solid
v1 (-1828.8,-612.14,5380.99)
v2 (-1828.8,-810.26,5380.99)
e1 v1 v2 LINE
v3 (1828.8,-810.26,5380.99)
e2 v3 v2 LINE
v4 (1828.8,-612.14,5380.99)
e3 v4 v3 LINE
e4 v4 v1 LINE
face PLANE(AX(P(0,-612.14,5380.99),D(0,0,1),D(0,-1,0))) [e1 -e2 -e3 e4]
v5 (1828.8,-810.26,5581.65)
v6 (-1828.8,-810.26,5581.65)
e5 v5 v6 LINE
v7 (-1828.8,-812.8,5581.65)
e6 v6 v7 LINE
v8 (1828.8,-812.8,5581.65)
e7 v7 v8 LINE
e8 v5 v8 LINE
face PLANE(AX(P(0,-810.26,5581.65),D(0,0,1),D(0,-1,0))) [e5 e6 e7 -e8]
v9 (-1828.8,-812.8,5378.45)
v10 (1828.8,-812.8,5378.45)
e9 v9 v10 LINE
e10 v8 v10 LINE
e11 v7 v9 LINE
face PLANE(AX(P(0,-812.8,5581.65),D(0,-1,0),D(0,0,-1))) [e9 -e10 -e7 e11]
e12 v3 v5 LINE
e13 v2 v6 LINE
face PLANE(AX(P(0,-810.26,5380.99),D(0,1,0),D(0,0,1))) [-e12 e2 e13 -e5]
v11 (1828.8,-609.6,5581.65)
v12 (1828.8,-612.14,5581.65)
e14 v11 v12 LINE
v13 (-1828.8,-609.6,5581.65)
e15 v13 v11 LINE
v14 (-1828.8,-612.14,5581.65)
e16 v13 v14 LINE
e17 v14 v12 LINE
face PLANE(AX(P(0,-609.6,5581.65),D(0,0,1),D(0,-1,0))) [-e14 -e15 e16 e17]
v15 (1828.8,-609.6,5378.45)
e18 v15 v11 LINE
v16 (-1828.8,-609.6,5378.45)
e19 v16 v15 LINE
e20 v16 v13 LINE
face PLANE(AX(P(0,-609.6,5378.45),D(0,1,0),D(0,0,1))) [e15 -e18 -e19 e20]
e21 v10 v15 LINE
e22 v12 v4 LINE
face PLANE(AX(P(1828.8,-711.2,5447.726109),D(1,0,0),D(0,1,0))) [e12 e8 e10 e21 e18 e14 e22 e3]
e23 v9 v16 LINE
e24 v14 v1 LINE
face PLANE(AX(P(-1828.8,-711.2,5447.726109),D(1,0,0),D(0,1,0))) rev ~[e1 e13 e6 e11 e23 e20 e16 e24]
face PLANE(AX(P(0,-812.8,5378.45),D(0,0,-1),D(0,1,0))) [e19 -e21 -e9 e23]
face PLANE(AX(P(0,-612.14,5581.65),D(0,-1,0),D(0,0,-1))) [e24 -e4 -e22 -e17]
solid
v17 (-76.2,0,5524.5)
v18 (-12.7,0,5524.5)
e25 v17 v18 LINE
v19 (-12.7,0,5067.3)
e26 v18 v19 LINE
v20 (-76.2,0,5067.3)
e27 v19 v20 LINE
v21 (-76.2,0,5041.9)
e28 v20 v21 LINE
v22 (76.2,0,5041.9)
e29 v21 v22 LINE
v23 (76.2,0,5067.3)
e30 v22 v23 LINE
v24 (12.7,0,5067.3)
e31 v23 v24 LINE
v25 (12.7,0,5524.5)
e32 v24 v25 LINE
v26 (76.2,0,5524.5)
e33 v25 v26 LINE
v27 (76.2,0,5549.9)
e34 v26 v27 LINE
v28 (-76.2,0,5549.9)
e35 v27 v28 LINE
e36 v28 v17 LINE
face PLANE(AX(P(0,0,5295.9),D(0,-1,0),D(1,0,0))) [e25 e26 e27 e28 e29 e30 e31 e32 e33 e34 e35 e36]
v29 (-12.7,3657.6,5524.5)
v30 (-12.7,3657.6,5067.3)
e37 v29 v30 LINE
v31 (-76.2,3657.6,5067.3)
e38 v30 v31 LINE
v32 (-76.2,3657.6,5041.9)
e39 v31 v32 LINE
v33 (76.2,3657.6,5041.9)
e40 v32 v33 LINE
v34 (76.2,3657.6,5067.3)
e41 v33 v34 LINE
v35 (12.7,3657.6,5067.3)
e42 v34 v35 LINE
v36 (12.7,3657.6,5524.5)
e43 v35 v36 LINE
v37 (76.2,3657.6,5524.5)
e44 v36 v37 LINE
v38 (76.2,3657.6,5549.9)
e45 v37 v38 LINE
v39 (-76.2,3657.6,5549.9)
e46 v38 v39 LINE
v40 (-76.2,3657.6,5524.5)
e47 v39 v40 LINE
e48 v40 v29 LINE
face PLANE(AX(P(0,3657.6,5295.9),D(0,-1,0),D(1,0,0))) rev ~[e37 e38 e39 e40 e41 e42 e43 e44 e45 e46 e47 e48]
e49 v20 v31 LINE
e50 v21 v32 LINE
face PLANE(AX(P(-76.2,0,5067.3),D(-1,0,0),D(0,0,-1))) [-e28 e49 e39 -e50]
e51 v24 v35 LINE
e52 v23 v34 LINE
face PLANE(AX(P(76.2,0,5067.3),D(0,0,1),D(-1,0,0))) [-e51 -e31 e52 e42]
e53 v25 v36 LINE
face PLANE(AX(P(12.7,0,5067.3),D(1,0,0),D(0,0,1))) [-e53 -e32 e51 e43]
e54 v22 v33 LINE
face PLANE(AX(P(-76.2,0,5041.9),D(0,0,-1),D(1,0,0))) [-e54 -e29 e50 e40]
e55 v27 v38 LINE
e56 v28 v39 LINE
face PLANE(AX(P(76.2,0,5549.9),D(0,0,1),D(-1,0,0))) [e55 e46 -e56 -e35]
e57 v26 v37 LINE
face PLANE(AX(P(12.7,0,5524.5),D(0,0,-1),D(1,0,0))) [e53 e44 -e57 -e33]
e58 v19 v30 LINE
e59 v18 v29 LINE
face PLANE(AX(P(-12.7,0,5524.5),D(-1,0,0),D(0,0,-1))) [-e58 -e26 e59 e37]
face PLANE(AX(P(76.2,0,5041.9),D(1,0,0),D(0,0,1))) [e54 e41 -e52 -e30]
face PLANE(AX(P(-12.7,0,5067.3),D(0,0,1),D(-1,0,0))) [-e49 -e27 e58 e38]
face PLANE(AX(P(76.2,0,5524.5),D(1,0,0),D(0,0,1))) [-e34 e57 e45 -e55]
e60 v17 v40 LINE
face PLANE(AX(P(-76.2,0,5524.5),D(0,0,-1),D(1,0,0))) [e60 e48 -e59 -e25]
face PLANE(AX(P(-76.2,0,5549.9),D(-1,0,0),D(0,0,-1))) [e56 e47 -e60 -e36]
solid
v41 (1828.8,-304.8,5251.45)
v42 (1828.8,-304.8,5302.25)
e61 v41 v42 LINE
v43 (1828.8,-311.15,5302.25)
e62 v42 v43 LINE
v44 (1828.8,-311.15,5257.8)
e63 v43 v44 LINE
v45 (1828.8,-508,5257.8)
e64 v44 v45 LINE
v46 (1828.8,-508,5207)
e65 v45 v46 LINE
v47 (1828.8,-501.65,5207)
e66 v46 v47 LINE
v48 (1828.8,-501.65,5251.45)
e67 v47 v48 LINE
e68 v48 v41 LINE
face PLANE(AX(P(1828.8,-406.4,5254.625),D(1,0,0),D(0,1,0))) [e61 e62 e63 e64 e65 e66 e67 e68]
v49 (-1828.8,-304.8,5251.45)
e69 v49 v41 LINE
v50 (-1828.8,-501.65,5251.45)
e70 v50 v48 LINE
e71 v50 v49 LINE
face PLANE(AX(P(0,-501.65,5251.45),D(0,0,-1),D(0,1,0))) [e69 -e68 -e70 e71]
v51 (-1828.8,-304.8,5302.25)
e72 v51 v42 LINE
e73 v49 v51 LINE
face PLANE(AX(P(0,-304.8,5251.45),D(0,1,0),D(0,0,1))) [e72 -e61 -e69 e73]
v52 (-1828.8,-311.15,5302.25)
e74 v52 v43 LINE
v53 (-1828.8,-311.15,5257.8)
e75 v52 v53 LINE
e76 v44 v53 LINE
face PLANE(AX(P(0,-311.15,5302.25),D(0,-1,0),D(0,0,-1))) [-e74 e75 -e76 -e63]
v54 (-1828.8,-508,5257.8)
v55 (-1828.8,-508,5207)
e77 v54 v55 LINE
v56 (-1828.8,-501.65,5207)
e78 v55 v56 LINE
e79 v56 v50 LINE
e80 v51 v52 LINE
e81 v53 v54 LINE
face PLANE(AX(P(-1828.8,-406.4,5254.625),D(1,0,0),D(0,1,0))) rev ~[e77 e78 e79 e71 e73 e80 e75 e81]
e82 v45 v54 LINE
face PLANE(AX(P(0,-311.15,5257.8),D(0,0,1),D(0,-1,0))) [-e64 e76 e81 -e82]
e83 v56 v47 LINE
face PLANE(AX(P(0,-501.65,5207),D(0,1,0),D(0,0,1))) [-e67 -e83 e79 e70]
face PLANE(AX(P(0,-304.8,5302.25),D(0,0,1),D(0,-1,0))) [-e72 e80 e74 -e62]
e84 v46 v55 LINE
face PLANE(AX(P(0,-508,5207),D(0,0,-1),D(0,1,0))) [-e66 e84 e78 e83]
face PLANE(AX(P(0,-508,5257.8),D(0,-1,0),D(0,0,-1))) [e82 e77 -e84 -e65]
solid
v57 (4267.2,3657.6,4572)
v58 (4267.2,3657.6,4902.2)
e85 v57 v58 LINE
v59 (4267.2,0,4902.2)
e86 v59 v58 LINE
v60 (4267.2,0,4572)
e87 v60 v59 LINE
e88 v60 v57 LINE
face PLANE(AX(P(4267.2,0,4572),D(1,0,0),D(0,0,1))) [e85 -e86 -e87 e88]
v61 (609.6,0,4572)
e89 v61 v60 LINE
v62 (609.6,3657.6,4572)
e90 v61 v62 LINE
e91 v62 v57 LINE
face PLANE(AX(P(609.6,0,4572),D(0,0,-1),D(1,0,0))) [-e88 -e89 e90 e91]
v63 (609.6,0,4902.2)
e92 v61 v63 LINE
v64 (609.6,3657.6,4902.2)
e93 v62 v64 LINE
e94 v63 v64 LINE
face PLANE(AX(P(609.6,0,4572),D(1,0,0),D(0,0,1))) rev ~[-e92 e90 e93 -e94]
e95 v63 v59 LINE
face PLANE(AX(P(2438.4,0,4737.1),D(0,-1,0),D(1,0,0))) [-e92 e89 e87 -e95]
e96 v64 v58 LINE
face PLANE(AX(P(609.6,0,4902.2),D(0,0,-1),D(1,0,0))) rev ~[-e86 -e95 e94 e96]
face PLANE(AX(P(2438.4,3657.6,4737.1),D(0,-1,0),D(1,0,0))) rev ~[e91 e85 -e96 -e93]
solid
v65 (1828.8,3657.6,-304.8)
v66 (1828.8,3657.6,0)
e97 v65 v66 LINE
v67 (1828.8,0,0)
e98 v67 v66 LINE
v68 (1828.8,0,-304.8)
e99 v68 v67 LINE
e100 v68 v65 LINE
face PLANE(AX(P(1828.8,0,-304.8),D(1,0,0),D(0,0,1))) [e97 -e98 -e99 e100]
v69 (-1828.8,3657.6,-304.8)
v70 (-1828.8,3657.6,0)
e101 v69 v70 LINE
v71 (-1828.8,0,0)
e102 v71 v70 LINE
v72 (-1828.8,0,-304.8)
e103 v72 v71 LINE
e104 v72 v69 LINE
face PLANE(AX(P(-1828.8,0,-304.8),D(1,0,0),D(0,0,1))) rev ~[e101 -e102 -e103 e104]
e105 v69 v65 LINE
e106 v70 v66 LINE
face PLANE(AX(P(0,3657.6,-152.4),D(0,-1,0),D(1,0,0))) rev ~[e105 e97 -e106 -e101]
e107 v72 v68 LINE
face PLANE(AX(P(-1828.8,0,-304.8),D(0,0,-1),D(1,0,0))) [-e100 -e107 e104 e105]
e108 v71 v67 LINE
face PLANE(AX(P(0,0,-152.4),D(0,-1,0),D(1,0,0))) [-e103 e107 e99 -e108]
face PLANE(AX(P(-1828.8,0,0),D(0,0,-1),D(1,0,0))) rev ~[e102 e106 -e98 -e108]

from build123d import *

# Parameters (mm, degrees)
F0_W     = 3657.6
F0_H     = 304.8
F1_DEPTH = 3657.6
F3_DEPTH = 3657.6
F5_DEPTH = 1828.8
F7_DEPTH = 1828.8
F8_W     = 3657.6
F8_H     = 330.2
F9_DEPTH = 3657.6


with BuildPart() as f1:
    # F0 (on Front) → F1 (new body)
    with BuildSketch(Plane.XZ):
        with Locations((0, -152.4)):
            Rectangle(F0_W, F0_H)
    extrude(amount=-F1_DEPTH)


with BuildPart() as f3:
    # F2 (on Front) → F3 (new body)
    with BuildSketch(Plane.XZ):
        Polygon((76.2, 5549.9), (0, 5549.9), (-76.2, 5549.9), (-76.2, 5524.5), (-12.7, 5524.5), (-12.7, 5067.3), (-76.2, 5067.3), (-76.2, 5041.9), (0, 5041.9), (76.2, 5041.9), (76.2, 5067.3), (12.7, 5067.3), (12.7, 5524.5), (76.2, 5524.5), align=None)
    extrude(amount=-F3_DEPTH)


with BuildPart() as f5:
    # F4 (on Right) → F5 (new body, symmetric)
    with BuildSketch(Plane.YZ):
        Polygon((-508, 5251.45), (-508, 5207), (-501.65, 5207), (-501.65, 5251.45), (-311.15, 5251.45), (-304.8, 5251.45), (-304.8, 5302.25), (-311.15, 5302.25), (-311.15, 5257.8), (-508, 5257.8), align=None)
    extrude(amount=F5_DEPTH, both=True)


with BuildPart() as f7:
    # F6 (on Right) → F7 (new body, symmetric)
    with BuildSketch(Plane.YZ):
        Polygon((-810.26, 5581.65), (-812.8, 5581.65), (-812.8, 5378.45), (-609.6, 5378.45), (-609.6, 5581.65), (-612.14, 5581.65), (-612.14, 5380.99), (-810.26, 5380.99), align=None)
    extrude(amount=F7_DEPTH, both=True)


with BuildPart() as f9:
    # F8 (on Front) → F9 (new body)
    with BuildSketch(Plane.XZ):
        with Locations((2438.4, 4737.1)):
            Rectangle(F8_W, F8_H)
    extrude(amount=-F9_DEPTH)


solid = Compound([f1.part, f3.part, f5.part, f7.part, f9.part])
